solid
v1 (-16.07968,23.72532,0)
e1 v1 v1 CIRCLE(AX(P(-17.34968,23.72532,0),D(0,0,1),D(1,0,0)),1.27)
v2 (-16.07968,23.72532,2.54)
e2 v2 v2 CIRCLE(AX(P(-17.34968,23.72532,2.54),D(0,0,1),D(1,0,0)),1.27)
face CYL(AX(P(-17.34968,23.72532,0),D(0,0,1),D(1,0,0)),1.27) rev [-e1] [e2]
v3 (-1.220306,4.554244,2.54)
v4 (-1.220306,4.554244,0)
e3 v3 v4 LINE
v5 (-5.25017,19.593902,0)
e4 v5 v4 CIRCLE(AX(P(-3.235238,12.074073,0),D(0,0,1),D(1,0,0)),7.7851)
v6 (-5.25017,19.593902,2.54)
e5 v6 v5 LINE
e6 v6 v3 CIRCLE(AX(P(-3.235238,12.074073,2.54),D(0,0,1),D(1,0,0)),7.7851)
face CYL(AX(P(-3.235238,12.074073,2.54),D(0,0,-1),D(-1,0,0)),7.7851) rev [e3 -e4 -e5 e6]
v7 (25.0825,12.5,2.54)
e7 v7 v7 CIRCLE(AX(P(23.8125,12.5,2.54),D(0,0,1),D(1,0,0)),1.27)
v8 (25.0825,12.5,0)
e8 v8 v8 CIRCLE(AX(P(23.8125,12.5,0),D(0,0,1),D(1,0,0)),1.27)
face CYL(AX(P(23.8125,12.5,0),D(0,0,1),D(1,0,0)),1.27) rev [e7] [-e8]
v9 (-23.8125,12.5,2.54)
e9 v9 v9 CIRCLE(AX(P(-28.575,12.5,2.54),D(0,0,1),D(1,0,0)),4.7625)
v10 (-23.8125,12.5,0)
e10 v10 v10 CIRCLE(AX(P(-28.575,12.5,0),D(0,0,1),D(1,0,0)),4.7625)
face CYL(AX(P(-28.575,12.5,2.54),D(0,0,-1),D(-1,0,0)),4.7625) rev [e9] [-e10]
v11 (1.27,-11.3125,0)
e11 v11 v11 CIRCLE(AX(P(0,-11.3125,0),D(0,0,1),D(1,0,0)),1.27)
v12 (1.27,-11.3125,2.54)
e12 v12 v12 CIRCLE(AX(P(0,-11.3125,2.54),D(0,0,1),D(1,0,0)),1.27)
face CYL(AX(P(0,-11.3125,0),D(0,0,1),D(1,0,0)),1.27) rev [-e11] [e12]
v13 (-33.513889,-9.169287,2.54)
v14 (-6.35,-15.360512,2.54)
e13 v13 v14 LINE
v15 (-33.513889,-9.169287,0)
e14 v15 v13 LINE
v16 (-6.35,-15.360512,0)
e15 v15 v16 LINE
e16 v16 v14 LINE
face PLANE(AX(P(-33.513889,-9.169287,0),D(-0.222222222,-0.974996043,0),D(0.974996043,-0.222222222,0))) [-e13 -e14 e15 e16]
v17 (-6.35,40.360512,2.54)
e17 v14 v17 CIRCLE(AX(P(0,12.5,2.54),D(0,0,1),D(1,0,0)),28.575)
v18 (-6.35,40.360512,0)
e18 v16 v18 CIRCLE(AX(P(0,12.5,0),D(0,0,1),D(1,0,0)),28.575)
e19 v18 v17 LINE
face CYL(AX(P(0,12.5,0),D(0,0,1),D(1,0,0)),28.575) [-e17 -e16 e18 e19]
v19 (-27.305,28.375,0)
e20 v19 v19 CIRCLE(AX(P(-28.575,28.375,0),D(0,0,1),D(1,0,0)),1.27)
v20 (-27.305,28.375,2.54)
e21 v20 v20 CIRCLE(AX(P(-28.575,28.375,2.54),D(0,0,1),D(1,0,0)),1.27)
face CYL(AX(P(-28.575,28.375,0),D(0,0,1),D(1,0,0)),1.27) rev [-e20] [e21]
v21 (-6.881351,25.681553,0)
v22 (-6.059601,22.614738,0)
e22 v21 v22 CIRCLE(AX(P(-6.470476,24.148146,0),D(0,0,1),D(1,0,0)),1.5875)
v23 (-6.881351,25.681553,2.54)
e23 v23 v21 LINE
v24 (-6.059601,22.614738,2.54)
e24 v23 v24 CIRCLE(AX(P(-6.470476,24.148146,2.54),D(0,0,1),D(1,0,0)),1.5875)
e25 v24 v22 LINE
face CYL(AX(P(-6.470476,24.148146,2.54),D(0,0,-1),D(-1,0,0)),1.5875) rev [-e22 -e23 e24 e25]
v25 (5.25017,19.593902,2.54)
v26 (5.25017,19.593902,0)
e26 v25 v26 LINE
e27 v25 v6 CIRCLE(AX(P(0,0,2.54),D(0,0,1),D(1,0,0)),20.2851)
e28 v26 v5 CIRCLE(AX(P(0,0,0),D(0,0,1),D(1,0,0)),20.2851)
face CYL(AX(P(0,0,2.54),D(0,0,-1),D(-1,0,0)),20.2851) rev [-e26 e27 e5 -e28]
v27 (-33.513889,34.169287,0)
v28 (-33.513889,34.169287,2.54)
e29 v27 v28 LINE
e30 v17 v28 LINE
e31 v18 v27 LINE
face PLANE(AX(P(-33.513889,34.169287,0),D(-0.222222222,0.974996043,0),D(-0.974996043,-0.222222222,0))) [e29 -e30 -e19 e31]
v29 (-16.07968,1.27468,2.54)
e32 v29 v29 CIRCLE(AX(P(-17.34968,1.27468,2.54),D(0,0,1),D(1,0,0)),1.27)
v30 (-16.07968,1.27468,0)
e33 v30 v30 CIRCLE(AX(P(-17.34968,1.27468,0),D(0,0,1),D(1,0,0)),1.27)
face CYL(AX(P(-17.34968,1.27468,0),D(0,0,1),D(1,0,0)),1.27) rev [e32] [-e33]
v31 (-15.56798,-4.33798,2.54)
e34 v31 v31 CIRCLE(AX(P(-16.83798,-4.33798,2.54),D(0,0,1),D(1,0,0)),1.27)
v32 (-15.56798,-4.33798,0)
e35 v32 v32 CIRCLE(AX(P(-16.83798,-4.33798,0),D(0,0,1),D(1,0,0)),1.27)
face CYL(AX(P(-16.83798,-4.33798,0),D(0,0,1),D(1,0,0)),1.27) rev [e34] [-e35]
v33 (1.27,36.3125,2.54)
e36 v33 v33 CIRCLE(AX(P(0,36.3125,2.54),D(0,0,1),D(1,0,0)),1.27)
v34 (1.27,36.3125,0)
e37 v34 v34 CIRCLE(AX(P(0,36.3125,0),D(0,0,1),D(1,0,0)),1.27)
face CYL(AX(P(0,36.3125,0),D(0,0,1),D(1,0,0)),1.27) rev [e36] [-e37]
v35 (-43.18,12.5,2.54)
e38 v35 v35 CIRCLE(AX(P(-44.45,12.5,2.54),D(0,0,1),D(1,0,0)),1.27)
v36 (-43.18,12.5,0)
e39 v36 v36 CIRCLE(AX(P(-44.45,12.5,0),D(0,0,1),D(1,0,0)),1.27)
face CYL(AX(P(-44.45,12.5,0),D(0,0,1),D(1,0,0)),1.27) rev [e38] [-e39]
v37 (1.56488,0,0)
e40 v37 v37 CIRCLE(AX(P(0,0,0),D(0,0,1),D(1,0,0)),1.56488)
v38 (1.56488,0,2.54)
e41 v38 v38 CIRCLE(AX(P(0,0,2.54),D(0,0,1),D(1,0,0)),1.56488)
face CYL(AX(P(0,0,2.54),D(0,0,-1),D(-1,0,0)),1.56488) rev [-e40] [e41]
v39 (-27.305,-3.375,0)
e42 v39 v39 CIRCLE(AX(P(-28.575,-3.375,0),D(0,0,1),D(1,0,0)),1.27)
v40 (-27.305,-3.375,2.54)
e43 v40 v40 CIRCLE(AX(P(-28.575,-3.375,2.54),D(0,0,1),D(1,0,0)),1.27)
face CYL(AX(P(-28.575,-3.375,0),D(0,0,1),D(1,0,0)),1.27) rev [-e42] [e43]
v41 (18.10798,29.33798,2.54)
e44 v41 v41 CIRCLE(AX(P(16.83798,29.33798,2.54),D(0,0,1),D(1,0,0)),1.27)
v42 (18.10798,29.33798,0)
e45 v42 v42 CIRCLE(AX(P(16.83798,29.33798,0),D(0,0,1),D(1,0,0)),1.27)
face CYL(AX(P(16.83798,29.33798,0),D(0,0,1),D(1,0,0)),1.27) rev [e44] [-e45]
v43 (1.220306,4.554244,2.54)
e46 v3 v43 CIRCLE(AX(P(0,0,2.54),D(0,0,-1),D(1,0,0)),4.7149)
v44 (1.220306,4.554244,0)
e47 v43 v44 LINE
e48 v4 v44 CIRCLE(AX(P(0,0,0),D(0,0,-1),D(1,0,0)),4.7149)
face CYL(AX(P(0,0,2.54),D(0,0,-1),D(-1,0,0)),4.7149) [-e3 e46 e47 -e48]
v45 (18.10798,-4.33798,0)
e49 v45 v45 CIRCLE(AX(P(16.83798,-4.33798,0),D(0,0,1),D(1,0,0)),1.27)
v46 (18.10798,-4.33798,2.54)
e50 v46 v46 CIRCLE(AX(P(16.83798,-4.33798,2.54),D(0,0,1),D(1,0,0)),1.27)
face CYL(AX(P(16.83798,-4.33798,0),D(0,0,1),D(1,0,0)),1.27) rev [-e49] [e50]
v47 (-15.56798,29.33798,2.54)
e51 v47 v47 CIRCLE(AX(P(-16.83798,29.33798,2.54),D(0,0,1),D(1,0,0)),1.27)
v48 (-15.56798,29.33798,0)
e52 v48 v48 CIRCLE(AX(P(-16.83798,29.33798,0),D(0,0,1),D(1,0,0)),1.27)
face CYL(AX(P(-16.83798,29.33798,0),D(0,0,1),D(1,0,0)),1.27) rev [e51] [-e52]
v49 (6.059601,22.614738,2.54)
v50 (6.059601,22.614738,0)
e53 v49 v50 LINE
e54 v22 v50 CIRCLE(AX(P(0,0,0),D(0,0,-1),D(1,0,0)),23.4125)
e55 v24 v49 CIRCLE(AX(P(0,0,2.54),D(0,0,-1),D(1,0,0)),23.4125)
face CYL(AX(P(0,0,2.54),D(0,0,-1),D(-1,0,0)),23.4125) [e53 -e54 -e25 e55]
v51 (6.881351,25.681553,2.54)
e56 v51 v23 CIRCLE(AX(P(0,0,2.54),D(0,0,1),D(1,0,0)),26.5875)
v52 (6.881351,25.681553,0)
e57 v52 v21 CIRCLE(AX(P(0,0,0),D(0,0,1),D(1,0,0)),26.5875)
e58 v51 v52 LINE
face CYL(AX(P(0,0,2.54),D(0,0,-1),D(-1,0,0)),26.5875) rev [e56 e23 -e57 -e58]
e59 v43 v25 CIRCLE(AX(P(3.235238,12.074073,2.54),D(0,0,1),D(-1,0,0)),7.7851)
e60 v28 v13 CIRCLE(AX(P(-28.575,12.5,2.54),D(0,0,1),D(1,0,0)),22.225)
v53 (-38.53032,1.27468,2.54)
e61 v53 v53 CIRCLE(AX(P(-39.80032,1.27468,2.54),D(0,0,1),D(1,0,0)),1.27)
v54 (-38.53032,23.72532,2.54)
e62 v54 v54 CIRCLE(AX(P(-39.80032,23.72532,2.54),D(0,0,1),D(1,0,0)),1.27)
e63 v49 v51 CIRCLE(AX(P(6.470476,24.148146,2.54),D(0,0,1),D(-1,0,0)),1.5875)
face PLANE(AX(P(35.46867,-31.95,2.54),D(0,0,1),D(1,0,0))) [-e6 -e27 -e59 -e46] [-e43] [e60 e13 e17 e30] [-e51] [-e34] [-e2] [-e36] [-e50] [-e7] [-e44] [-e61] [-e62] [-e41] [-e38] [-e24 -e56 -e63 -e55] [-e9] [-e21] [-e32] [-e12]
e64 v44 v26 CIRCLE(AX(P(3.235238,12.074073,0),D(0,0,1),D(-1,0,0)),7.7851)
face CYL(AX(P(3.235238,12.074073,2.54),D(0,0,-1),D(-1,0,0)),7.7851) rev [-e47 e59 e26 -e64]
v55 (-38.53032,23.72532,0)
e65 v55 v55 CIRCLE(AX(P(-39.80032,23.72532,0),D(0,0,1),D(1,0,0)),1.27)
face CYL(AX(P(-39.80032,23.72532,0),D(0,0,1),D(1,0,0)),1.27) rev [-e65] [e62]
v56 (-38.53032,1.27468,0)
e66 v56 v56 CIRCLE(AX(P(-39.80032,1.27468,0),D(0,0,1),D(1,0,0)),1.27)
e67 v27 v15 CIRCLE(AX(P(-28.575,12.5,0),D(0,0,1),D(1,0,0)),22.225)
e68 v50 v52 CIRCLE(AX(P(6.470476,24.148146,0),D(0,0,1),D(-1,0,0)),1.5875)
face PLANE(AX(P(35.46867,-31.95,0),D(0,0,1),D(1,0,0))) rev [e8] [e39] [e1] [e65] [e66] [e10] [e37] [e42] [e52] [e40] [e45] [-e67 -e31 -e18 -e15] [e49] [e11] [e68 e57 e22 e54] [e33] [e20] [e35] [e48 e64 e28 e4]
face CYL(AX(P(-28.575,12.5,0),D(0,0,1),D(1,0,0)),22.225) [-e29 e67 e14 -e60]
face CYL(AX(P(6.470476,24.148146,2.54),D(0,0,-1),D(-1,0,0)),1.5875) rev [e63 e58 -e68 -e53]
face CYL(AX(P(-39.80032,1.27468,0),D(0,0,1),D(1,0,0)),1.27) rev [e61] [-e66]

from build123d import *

# Parameters (mm, degrees)
SKETCH1_W           = 127
SKETCH1_H           = 88.9
SKETCH1_R           = 1.564880276
SKETCH1_R_2         = 4.7625
BOSS_EXTRUDE1_DEPTH = 2.54
SKETCH2_W           = 177.519600035
SKETCH2_H           = 126.718171086
CUT_EXTRUDE1_DEPTH  = 108.831991492
SKETCH4_R           = 1.27
CUT_EXTRUDE2_DEPTH  = 66.377727285


with BuildPart() as part:
    # Sketch1 → Boss-Extrude1 (new body)
    with BuildSketch(Plane.XY):
        with Locations((-28.03132955, 12.5)):
            Rectangle(SKETCH1_W, SKETCH1_H)
        Circle(SKETCH1_R, mode=Mode.SUBTRACT)
        with Locations((-28.575, 12.5)):
            Circle(SKETCH1_R_2, mode=Mode.SUBTRACT)
        with BuildLine():
            ThreePointArc((5.250170212, 19.593901979), (10.755067214, 10.059140681), (1.220305916, 4.554243678))
            ThreePointArc((1.220305916, 4.554243678), (0, 4.7149), (-1.220305916, 4.554243678))
            ThreePointArc((-1.220305916, 4.554243678), (-10.755067214, 10.059140681), (-5.250170212, 19.593901979))
            ThreePointArc((-5.250170212, 19.593901979), (0, 20.2851), (5.250170212, 19.593901979))
        make_face(mode=Mode.SUBTRACT)
        with BuildLine():
            ThreePointArc((6.881351362, 25.681552906), (0, 26.5875), (-6.881351362, 25.681552906))
            ThreePointArc((-6.881351362, 25.681552906), (-8.003883377, 23.737270423), (-6.059600893, 22.614738408))
            ThreePointArc((-6.059600893, 22.614738408), (0, 23.4125), (6.059600893, 22.614738408))
            ThreePointArc((6.059600893, 22.614738408), (8.003883377, 23.737270423), (6.881351362, 25.681552906))
        make_face(mode=Mode.SUBTRACT)
    extrude(amount=BOSS_EXTRUDE1_DEPTH)

    # Sketch2 → Cut-Extrude1 (cut, through all)
    with BuildSketch(Plane.XY.offset(2.54)):
        with Locations((-18.257651528, 17.008273159)):
            Rectangle(SKETCH2_W, SKETCH2_H)
        with BuildLine():
            Line((-33.513888889, 34.169287057), (-6.35, 40.36051193))
            ThreePointArc((-6.35, 40.36051193), (28.575, 12.5), (-6.35, -15.36051193))
            Line((-6.35, -15.36051193), (-33.513888889, -9.169287057))
            ThreePointArc((-33.513888889, -9.169287057), (-50.8, 12.5), (-33.513888889, 34.169287057))
        make_face(mode=Mode.SUBTRACT)
    extrude(amount=-CUT_EXTRUDE1_DEPTH, mode=Mode.SUBTRACT)

    # Sketch4 → Cut-Extrude2 (cut, through all)
    with BuildSketch(Plane.XY.offset(2.54)):
        with Locations((-28.575, 28.375)):
            Circle(SKETCH4_R)
        with Locations((0, 36.3125)):
            Circle(SKETCH4_R)
        with Locations((-17.349679849, 23.725320151)):
            Circle(SKETCH4_R)
        with Locations((-17.349679849, 1.274679849)):
            Circle(SKETCH4_R)
        with Locations((-28.575, -3.375)):
            Circle(SKETCH4_R)
        with Locations((-39.800320151, 1.274679849)):
            Circle(SKETCH4_R)
        with Locations((-44.45, 12.5)):
            Circle(SKETCH4_R)
        with Locations((-39.800320151, 23.725320151)):
            Circle(SKETCH4_R)
        with Locations((16.837980227, 29.337980227)):
            Circle(SKETCH4_R)
        with Locations((23.8125, 12.5)):
            Circle(SKETCH4_R)
        with Locations((16.837980227, -4.337980227)):
            Circle(SKETCH4_R)
        with Locations((0, -11.3125)):
            Circle(SKETCH4_R)
        with Locations((-16.837980227, -4.337980227)):
            Circle(SKETCH4_R)
        with Locations((-16.837980227, 29.337980227)):
            Circle(SKETCH4_R)
    extrude(amount=-CUT_EXTRUDE2_DEPTH, mode=Mode.SUBTRACT)


solid = part.part
